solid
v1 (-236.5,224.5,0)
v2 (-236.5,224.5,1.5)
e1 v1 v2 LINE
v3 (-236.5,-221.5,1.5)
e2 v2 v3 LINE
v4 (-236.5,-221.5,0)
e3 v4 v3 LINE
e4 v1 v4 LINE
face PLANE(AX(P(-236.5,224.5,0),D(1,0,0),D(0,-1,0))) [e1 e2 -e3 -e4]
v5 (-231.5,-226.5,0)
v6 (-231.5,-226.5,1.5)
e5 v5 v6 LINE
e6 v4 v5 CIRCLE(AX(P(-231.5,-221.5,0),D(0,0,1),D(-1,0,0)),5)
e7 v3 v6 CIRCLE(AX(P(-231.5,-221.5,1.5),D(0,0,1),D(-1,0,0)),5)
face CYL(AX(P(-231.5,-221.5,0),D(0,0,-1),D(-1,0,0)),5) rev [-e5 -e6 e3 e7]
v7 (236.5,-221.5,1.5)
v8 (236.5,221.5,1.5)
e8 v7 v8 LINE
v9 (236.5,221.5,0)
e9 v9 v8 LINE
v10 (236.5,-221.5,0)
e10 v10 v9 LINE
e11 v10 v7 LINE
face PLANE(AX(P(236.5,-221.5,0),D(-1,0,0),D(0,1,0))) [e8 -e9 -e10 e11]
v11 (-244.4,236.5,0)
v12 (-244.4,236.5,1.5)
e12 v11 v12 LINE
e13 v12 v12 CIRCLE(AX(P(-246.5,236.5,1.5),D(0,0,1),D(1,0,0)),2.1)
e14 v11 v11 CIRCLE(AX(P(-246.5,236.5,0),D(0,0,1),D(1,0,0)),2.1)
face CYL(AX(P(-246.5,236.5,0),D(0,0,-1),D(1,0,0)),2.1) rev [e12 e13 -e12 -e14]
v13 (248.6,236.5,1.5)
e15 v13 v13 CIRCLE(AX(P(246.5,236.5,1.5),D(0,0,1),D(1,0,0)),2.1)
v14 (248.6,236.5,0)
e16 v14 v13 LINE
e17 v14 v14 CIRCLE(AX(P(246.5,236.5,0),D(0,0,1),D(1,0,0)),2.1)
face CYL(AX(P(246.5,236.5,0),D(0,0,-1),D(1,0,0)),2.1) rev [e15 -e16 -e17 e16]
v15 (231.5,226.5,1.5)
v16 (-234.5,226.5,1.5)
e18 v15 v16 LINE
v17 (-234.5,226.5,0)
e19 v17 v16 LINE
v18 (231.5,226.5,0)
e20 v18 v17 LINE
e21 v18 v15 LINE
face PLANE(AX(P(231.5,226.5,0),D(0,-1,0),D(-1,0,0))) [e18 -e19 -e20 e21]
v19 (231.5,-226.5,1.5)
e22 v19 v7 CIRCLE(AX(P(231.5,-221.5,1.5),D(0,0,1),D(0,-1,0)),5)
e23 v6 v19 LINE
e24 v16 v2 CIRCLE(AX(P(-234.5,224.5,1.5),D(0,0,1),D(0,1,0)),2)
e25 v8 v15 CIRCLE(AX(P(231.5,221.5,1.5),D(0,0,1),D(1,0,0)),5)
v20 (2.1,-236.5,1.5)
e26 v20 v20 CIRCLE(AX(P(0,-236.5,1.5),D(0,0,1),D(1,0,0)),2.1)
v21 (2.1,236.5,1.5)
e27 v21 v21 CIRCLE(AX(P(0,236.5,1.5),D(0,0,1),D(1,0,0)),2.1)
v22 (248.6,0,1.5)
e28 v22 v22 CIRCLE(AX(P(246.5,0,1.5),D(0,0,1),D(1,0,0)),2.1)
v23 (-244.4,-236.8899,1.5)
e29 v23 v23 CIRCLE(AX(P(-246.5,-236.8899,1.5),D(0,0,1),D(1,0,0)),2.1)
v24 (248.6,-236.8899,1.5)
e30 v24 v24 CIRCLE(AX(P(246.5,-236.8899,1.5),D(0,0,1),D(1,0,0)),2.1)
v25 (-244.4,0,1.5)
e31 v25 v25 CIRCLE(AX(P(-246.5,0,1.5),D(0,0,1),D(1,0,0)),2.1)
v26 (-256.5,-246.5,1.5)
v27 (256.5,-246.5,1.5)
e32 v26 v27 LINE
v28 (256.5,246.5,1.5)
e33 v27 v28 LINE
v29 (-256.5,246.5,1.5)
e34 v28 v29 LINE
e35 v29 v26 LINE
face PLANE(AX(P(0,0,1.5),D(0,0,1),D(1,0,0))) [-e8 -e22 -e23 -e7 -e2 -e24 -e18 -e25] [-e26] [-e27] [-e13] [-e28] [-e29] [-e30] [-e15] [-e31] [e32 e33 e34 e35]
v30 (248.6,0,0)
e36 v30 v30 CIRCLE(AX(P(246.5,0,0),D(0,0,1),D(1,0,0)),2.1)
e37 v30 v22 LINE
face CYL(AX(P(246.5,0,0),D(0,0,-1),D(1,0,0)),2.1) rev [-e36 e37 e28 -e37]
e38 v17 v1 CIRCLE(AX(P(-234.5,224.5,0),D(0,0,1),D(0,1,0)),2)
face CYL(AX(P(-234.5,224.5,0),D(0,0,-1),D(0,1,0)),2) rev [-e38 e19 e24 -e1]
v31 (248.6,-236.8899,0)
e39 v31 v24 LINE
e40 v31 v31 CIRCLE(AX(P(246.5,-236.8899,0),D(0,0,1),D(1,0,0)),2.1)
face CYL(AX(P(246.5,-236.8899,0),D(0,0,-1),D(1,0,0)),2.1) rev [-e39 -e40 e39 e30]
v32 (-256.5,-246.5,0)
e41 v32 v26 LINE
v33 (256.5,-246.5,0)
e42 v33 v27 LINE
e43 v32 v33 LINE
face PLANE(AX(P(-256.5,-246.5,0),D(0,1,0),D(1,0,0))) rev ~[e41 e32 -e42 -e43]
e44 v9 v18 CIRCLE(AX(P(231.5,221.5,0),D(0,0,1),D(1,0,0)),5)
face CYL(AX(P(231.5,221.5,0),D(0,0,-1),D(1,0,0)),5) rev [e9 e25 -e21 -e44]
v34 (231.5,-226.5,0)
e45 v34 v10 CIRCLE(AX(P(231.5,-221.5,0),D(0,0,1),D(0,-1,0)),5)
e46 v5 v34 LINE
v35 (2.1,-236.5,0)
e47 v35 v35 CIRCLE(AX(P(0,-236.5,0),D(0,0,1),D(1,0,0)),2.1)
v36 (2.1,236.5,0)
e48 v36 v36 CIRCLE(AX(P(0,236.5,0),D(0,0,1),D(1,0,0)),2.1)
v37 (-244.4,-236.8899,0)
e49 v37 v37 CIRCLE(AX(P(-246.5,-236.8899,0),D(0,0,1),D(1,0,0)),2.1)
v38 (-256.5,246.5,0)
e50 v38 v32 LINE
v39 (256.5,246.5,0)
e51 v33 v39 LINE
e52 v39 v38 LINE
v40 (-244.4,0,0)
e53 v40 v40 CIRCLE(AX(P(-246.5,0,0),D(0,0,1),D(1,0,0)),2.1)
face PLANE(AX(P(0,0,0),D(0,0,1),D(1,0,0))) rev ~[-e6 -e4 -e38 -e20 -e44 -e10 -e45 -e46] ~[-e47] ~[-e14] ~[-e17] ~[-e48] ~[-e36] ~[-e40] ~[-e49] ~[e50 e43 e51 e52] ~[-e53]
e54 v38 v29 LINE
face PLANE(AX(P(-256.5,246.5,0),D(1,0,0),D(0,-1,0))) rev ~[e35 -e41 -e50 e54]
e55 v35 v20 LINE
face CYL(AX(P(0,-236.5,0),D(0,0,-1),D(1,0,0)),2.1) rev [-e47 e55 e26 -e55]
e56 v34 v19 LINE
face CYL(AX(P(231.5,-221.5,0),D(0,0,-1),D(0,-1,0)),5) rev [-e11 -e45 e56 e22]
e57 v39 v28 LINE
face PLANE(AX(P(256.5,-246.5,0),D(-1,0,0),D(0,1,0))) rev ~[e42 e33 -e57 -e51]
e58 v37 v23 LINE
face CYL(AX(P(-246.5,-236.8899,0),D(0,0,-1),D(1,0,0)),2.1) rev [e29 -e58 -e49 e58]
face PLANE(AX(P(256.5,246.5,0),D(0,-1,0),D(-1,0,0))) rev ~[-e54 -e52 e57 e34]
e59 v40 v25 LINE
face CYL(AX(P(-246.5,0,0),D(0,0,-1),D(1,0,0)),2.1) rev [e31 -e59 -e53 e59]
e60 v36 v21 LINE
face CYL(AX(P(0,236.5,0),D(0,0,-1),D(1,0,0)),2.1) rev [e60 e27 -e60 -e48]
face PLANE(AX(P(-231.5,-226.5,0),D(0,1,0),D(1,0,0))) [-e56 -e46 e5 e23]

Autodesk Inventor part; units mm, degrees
ref_plane "YZ Plane" through (0, 0, 0) normal (1, 0, 0) x (0, 1, 0)
ref_plane "XZ Plane" through (0, 0, 0) normal (0, 1, 0) x (-1, 0, 0)
ref_plane "XY Plane" through (0, 0, 0) normal (0, 0, 1) x (1, 0, 0)
sketch "Sketch1" plane through (0, 0, 0) normal (0, 0, 1) x (1, 0, 0)
  line L0 (-256.5, -246.5) -> (256.5, -246.5)
  line L1 (256.5, -246.5) -> (256.5, 246.5)
  line L2 (256.5, 246.5) -> (-256.5, 246.5)
  line L3 (-256.5, 246.5) -> (-256.5, -246.5)
  line L4 (-256.5, -246.5) -> (256.5, 246.5) construction
  line L5 (256.5, -246.5) -> (-256.5, 246.5) construction
  line L6 (-256.5, 236.5) -> (256.5, 236.5) construction
  line L7 (-246.5, 246.5) -> (-246.5, -246.5) construction
  line L8 (246.5, 246.5) -> (246.5, -246.5) construction
  line L9 (-256.5, -136.5) -> (256.5, -136.5) construction
  line L10 (-256.5, 166.5) -> (256.5, 166.5) construction
  circle A0 centre (-246.5, 236.5) radius 2.1
  circle A1 centre (246.5, 236.5) radius 2.1
  line L11 (-146.5, 246.5) -> (-146.5, -246.5) construction
  line L12 (0, 0) -> (0, -246.5) construction
  line L13 (146.5, 246.5) -> (146.5, -246.5) construction
  line L14 (-246.5, 70) -> (246.5, 70) construction
  line L15 (-246.5, -70) -> (246.5, -70) construction
  line L16 (-246.5, 0) -> (246.5, 0) construction
  line L17 (-246.5, -191.5) -> (246.5, -191.5) construction
  line L18 (0, 246.5) -> (0, 0) construction
  circle A2 centre (0, 236.5) radius 2.1
  line L19 (231.5, 226.5) -> (-234.5, 226.5)
  line L20 (-236.5, 224.5) -> (-236.5, -221.5)
  line L21 (-231.5, -226.5) -> (231.5, -226.5)
  line L22 (236.5, -221.5) -> (236.5, 221.5)
  arc A3 (-234.5, 226.5) -> (-236.5, 224.5) centre (-234.5, 224.5) ccw
  arc A4 (236.5, 221.5) -> (231.5, 226.5) centre (231.5, 221.5) ccw
  arc A5 (231.5, -226.5) -> (236.5, -221.5) centre (231.5, -221.5) ccw
  arc A6 (-236.5, -221.5) -> (-231.5, -226.5) centre (-231.5, -221.5) ccw
  circle A7 centre (246.5, 0) radius 2.1
  circle A8 centre (246.5, -236.8899) radius 2.1
  circle A9 centre (-246.5, -236.8899) radius 2.1
  circle A10 centre (0, -236.5) radius 2.1
  circle A11 centre (-246.5, 0) radius 2.1
  dimension "d0" = 513
  dimension "d1" = 493
  dimension "d2" = 10
  dimension "d3" = 10
  dimension "d4" = 10
  dimension "d5" = 110
  dimension "d6" = 80
  dimension "d7" = 110
  dimension "d8" = 110
  dimension "d9" = 70
  dimension "d10" = 55
  dimension "d23" = 10
  dimension "d24" = 10
  dimension "d25" = 20
  dimension "d26" = 10
  dimension "d27" = 2
  dimension "d28" = 5
  dimension "d29" = 4.2
  dimension "d30" = 10
extrude "Plate6" add sketch "Sketch1" along normal blind 1.5
equation "\"d32\" = Thickness"
equation "\"CornerReliefSize\" = 4 * Thickness"
equation "\"TransitionRadius\" = BendRadius"
equation "\"JacobiRadiusSize\" = BendRadius"
equation "\"d12\" = BendRadius"
equation "\"d13\" = BendRadius"
equation "\"d16\" = BendRadius"
equation "\"d19\" = BendRadius"
equation "\"d20\" = BendRadius"
equation "\"d31\" = BendRadius"
equation "\"Thickness\" = 1.5"
equation "\"BendRadius\" = 0.8"
properties part number "Top Cladding" material "Aluminium 1050"
